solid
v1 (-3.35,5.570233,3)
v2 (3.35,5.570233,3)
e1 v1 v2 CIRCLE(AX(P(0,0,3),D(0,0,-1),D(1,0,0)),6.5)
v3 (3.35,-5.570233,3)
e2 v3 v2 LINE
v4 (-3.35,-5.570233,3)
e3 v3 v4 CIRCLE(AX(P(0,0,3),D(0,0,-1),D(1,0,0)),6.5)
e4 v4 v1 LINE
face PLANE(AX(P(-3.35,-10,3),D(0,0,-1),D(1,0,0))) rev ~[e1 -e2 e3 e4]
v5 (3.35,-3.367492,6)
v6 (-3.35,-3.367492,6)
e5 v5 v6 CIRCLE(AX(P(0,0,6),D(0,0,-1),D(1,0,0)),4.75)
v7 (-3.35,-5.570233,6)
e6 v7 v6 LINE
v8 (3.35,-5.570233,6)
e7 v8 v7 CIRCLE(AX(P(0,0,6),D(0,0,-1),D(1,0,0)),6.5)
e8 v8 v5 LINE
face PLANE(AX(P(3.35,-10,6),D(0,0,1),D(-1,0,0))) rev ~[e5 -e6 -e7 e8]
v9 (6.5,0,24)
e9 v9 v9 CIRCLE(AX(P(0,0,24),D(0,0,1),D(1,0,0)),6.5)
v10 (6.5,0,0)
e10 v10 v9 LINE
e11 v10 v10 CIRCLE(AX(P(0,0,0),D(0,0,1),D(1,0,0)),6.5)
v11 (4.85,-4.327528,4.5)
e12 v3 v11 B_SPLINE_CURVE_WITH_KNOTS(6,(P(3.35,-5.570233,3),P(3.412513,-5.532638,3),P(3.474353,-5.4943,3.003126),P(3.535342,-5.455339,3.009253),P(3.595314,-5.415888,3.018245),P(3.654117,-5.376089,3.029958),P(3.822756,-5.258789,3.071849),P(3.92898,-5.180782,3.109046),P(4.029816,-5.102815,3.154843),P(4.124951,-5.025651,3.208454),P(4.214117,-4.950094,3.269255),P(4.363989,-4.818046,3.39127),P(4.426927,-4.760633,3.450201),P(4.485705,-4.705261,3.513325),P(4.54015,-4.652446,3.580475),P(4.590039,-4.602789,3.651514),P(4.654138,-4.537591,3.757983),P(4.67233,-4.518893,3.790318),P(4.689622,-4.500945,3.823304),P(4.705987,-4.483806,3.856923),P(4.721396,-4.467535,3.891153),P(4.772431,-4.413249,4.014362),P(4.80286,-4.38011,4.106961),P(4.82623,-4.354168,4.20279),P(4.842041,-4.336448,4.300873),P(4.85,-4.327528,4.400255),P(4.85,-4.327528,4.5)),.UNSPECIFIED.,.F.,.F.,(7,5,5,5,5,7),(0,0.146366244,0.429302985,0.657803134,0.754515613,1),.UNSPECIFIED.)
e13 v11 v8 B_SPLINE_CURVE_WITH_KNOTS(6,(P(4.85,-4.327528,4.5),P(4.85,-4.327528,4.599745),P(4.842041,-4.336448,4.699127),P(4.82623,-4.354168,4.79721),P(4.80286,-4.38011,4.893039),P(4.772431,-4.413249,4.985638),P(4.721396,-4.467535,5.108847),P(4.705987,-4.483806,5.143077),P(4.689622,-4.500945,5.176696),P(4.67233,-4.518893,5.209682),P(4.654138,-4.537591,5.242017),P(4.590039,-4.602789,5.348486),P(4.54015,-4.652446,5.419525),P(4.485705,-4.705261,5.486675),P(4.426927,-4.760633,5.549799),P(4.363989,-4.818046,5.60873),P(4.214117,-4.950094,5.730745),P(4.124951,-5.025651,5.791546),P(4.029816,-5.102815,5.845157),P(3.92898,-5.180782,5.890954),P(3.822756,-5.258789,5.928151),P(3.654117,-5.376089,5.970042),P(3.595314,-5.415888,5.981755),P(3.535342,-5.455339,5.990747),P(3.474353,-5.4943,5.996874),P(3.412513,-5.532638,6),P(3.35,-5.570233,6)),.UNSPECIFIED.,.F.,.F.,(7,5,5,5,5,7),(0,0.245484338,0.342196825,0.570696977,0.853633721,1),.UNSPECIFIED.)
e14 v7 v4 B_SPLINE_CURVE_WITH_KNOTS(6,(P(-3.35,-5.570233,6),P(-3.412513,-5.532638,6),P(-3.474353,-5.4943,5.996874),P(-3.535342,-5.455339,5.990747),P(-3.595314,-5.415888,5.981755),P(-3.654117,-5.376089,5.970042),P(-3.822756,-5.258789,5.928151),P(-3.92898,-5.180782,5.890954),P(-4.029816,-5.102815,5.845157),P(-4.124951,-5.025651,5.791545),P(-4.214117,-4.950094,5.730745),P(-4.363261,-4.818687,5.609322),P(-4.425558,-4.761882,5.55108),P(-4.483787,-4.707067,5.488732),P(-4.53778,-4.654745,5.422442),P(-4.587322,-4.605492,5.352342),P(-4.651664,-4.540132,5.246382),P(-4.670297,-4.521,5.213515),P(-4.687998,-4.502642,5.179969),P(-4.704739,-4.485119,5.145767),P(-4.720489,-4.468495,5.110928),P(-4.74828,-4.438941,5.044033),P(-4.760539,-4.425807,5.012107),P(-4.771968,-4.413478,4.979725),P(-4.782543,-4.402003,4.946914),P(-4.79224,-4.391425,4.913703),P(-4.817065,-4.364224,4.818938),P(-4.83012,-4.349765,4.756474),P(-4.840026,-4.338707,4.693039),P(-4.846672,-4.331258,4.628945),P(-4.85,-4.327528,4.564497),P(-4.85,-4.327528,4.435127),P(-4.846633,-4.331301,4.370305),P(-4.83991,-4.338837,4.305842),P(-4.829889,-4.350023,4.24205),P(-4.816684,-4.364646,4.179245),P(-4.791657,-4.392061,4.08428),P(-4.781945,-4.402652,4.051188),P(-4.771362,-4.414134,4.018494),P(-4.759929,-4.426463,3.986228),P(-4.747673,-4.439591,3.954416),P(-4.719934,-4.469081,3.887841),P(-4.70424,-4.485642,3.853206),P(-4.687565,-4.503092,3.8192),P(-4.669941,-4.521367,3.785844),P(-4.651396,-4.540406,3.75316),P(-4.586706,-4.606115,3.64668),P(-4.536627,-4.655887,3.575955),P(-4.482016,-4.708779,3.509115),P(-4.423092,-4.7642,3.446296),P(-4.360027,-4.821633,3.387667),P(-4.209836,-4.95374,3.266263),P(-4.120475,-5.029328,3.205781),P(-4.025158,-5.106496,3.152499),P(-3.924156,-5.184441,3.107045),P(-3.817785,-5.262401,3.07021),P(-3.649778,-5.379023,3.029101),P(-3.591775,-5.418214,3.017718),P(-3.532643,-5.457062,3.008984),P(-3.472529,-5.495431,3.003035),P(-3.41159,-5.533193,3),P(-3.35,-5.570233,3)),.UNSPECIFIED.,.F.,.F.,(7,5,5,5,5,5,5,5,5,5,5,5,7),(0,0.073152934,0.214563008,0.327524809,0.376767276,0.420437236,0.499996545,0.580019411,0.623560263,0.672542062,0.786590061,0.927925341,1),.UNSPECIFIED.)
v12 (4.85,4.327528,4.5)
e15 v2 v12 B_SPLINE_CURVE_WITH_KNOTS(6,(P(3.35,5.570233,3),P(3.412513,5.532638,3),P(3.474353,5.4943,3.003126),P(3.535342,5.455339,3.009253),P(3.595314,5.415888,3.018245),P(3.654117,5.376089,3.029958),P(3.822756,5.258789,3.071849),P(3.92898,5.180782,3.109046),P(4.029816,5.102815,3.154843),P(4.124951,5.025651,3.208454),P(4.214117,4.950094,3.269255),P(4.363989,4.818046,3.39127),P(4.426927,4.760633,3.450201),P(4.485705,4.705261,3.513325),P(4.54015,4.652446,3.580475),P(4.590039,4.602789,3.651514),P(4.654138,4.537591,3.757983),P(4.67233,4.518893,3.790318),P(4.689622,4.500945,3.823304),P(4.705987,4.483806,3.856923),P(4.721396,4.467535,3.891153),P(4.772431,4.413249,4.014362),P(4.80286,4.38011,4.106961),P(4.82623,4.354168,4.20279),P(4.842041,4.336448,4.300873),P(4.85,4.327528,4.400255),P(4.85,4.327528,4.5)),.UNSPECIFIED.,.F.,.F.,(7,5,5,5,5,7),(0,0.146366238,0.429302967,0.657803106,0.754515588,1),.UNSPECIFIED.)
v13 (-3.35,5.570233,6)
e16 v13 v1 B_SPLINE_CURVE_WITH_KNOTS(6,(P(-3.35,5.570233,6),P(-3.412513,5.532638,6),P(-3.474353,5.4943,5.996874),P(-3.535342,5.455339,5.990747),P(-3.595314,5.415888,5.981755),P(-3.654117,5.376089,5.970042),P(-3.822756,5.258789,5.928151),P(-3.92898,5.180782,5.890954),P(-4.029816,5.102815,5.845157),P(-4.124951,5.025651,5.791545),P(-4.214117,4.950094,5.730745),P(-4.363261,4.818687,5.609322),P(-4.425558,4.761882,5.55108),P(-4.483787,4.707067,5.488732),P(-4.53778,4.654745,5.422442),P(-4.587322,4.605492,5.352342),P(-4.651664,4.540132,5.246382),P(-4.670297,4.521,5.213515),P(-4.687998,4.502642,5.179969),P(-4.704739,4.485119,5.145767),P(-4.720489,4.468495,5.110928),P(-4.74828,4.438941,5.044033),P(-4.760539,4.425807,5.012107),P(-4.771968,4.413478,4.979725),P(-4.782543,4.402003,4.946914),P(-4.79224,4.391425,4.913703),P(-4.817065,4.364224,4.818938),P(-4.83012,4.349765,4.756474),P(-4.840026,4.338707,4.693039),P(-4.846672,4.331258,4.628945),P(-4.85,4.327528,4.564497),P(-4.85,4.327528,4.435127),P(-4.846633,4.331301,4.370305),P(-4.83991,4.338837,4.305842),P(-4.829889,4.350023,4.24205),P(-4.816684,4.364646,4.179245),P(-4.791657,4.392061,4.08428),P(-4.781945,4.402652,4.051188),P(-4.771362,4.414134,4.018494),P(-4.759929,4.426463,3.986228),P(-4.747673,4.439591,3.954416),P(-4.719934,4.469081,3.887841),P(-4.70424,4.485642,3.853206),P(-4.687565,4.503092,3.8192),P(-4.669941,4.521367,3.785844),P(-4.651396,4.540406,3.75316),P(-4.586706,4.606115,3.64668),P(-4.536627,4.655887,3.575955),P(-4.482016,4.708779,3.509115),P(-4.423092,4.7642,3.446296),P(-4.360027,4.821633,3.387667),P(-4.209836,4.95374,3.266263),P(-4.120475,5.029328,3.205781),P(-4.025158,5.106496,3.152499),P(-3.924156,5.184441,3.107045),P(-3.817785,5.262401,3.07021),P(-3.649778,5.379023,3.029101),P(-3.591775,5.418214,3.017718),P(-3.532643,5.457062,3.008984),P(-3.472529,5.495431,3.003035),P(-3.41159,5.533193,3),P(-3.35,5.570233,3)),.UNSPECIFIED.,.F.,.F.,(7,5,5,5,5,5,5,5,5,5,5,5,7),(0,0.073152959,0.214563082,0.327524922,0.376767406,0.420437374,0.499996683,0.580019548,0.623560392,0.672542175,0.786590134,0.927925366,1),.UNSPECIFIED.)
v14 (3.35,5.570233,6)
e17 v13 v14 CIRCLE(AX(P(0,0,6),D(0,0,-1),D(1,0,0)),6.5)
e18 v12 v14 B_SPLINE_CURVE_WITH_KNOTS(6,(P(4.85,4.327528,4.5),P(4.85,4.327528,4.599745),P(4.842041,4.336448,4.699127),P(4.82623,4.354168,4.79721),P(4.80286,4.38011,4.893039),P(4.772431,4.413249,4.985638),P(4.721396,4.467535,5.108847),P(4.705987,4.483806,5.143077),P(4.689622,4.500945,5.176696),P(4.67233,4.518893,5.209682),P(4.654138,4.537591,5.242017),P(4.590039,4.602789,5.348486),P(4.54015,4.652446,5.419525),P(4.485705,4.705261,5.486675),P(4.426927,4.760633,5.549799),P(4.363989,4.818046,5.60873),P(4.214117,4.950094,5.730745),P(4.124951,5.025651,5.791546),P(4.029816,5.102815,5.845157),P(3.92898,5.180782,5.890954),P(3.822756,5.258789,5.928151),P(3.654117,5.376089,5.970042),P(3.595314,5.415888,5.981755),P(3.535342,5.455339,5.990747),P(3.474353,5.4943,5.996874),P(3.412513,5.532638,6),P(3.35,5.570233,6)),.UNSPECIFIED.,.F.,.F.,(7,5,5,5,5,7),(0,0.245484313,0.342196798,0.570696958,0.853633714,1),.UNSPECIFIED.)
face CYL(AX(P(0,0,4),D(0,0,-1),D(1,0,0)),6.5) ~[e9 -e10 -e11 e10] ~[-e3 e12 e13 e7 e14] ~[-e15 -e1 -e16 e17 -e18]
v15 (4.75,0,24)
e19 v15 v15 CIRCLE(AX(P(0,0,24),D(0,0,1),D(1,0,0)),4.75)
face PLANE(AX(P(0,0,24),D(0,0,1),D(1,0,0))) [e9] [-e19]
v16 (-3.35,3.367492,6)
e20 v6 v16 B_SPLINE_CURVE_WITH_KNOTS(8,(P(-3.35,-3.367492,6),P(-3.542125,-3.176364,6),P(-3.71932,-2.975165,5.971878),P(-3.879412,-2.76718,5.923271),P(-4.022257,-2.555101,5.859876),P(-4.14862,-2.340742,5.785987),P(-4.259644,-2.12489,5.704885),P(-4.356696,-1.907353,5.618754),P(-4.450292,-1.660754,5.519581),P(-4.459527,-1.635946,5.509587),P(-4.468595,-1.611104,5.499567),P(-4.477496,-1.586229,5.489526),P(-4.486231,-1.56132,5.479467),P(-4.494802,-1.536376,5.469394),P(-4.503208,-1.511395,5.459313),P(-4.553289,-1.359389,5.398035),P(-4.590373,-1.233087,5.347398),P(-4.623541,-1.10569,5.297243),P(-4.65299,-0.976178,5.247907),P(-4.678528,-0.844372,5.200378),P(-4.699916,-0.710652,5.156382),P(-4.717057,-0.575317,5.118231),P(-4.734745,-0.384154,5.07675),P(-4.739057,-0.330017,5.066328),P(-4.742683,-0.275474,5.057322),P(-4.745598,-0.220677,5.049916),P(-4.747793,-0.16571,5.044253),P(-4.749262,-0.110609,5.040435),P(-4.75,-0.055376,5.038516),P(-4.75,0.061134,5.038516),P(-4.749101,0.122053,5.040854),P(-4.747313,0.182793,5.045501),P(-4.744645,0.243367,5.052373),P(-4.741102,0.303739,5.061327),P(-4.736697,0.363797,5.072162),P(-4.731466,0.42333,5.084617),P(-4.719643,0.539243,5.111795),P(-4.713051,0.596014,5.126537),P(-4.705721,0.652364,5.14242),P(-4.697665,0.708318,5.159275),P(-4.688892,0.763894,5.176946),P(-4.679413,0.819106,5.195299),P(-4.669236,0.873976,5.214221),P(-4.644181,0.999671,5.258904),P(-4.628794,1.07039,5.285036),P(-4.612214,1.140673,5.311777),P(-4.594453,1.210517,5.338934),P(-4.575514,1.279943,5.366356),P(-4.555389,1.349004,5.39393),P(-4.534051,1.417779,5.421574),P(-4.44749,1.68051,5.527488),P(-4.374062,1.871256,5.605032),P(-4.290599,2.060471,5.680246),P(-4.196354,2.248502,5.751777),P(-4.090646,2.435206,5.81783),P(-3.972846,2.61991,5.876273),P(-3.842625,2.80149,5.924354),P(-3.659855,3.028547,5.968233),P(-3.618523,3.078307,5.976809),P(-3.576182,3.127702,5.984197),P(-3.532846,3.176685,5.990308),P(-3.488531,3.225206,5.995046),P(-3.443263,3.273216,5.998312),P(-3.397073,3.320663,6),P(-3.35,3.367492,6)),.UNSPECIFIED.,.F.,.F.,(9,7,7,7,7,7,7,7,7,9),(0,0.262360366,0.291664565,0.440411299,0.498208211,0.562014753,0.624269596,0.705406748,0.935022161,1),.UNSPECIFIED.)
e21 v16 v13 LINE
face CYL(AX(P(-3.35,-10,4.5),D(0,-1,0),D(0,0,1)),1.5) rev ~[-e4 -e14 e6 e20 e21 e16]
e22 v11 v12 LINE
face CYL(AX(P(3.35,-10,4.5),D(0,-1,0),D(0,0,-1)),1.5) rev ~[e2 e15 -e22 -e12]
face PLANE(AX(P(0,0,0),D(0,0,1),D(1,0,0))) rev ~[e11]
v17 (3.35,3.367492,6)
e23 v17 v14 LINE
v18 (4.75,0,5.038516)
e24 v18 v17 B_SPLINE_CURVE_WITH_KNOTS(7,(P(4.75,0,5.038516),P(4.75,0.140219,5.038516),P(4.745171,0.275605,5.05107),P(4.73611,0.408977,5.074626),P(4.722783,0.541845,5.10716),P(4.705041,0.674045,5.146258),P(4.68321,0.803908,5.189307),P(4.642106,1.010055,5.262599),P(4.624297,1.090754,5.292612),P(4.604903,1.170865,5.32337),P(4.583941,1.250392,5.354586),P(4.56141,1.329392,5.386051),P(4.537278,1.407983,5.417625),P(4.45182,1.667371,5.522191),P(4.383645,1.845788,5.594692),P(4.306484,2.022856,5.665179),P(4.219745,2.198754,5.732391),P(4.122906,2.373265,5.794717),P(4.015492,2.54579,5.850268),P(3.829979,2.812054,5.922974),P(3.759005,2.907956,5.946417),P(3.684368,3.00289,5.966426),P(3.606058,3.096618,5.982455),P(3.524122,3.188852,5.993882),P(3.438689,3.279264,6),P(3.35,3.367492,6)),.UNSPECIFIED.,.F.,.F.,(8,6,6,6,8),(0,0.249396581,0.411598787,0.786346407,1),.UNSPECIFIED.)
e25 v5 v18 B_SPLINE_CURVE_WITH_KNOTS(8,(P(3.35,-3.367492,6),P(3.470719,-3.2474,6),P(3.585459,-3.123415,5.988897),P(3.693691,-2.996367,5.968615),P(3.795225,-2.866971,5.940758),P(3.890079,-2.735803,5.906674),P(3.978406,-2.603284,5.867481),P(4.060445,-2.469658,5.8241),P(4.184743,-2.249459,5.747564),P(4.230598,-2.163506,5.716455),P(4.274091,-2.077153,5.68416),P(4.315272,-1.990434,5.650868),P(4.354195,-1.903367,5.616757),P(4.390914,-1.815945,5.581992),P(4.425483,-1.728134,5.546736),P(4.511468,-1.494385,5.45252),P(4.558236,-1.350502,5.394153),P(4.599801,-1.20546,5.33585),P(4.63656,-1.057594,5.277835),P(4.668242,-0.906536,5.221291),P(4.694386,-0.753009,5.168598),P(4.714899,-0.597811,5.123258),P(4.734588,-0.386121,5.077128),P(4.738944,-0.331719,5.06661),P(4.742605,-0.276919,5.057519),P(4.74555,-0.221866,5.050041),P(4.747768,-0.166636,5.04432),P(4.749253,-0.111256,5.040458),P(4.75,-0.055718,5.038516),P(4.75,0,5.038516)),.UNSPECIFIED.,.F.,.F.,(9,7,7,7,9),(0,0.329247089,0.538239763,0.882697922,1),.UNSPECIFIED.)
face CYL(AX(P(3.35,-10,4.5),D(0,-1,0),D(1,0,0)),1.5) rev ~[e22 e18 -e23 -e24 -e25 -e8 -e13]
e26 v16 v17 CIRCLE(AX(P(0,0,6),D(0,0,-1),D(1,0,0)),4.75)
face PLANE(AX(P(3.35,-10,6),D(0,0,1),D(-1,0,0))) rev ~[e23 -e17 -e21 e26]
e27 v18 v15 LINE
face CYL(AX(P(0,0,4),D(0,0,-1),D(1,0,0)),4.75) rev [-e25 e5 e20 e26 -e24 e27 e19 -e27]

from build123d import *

# Parameters (mm, degrees)
F0_R     = 6.5
F1_DEPTH = 4
F2_R     = 6.5
F2_R_2   = 4.75
F3_DEPTH = 20
F6_DEPTH = 25


with BuildPart() as f1:
    # F0 (on Top) → F1 (new body)
    with BuildSketch(Plane.XY):
        Circle(F0_R)
    extrude(amount=F1_DEPTH)

    # F2 (on face) → F3 (join)
    with BuildSketch(Plane.XY.offset(4)):
        Circle(F2_R)
        Circle(F2_R_2, mode=Mode.SUBTRACT)
    extrude(amount=F3_DEPTH)

    # F5 (on offset) → F6 (cut)
    with BuildSketch(Plane.XZ.offset(10)):
        with BuildLine():
            ThreePointArc((-1.85, 4.5), (-2.2893398282, 5.5606601718), (-3.35, 6))
            Line((-3.35, 6), (-3.35, 3))
            ThreePointArc((-3.35, 3), (-2.2893398282, 3.4393398282), (-1.85, 4.5))
        make_face()
        with BuildLine():
            Line((3.35, 6), (-3.35, 6))
            ThreePointArc((-3.35, 6), (-2.2893398282, 5.5606601718), (-1.85, 4.5))
            ThreePointArc((-1.85, 4.5), (-2.2893398282, 3.4393398282), (-3.35, 3))
            Line((-3.35, 3), (3.35, 3))
            ThreePointArc((3.35, 3), (1.85, 4.5), (3.35, 6))
        make_face()
        with BuildLine():
            Line((-3.35, 3), (-3.35, 6))
            ThreePointArc((-3.35, 6), (-4.85, 4.5), (-3.35, 3))
        make_face()
        with BuildLine():
            ThreePointArc((4.85, 4.5), (4.4106601718, 5.5606601718), (3.35, 6))
            Line((3.35, 6), (3.35, 3))
            ThreePointArc((3.35, 3), (4.4106601718, 3.4393398282), (4.85, 4.5))
        make_face()
        with BuildLine():
            Line((3.35, 3), (3.35, 6))
            ThreePointArc((3.35, 6), (1.85, 4.5), (3.35, 3))
        make_face()
    extrude(amount=-F6_DEPTH, mode=Mode.SUBTRACT)


solid = f1.part
